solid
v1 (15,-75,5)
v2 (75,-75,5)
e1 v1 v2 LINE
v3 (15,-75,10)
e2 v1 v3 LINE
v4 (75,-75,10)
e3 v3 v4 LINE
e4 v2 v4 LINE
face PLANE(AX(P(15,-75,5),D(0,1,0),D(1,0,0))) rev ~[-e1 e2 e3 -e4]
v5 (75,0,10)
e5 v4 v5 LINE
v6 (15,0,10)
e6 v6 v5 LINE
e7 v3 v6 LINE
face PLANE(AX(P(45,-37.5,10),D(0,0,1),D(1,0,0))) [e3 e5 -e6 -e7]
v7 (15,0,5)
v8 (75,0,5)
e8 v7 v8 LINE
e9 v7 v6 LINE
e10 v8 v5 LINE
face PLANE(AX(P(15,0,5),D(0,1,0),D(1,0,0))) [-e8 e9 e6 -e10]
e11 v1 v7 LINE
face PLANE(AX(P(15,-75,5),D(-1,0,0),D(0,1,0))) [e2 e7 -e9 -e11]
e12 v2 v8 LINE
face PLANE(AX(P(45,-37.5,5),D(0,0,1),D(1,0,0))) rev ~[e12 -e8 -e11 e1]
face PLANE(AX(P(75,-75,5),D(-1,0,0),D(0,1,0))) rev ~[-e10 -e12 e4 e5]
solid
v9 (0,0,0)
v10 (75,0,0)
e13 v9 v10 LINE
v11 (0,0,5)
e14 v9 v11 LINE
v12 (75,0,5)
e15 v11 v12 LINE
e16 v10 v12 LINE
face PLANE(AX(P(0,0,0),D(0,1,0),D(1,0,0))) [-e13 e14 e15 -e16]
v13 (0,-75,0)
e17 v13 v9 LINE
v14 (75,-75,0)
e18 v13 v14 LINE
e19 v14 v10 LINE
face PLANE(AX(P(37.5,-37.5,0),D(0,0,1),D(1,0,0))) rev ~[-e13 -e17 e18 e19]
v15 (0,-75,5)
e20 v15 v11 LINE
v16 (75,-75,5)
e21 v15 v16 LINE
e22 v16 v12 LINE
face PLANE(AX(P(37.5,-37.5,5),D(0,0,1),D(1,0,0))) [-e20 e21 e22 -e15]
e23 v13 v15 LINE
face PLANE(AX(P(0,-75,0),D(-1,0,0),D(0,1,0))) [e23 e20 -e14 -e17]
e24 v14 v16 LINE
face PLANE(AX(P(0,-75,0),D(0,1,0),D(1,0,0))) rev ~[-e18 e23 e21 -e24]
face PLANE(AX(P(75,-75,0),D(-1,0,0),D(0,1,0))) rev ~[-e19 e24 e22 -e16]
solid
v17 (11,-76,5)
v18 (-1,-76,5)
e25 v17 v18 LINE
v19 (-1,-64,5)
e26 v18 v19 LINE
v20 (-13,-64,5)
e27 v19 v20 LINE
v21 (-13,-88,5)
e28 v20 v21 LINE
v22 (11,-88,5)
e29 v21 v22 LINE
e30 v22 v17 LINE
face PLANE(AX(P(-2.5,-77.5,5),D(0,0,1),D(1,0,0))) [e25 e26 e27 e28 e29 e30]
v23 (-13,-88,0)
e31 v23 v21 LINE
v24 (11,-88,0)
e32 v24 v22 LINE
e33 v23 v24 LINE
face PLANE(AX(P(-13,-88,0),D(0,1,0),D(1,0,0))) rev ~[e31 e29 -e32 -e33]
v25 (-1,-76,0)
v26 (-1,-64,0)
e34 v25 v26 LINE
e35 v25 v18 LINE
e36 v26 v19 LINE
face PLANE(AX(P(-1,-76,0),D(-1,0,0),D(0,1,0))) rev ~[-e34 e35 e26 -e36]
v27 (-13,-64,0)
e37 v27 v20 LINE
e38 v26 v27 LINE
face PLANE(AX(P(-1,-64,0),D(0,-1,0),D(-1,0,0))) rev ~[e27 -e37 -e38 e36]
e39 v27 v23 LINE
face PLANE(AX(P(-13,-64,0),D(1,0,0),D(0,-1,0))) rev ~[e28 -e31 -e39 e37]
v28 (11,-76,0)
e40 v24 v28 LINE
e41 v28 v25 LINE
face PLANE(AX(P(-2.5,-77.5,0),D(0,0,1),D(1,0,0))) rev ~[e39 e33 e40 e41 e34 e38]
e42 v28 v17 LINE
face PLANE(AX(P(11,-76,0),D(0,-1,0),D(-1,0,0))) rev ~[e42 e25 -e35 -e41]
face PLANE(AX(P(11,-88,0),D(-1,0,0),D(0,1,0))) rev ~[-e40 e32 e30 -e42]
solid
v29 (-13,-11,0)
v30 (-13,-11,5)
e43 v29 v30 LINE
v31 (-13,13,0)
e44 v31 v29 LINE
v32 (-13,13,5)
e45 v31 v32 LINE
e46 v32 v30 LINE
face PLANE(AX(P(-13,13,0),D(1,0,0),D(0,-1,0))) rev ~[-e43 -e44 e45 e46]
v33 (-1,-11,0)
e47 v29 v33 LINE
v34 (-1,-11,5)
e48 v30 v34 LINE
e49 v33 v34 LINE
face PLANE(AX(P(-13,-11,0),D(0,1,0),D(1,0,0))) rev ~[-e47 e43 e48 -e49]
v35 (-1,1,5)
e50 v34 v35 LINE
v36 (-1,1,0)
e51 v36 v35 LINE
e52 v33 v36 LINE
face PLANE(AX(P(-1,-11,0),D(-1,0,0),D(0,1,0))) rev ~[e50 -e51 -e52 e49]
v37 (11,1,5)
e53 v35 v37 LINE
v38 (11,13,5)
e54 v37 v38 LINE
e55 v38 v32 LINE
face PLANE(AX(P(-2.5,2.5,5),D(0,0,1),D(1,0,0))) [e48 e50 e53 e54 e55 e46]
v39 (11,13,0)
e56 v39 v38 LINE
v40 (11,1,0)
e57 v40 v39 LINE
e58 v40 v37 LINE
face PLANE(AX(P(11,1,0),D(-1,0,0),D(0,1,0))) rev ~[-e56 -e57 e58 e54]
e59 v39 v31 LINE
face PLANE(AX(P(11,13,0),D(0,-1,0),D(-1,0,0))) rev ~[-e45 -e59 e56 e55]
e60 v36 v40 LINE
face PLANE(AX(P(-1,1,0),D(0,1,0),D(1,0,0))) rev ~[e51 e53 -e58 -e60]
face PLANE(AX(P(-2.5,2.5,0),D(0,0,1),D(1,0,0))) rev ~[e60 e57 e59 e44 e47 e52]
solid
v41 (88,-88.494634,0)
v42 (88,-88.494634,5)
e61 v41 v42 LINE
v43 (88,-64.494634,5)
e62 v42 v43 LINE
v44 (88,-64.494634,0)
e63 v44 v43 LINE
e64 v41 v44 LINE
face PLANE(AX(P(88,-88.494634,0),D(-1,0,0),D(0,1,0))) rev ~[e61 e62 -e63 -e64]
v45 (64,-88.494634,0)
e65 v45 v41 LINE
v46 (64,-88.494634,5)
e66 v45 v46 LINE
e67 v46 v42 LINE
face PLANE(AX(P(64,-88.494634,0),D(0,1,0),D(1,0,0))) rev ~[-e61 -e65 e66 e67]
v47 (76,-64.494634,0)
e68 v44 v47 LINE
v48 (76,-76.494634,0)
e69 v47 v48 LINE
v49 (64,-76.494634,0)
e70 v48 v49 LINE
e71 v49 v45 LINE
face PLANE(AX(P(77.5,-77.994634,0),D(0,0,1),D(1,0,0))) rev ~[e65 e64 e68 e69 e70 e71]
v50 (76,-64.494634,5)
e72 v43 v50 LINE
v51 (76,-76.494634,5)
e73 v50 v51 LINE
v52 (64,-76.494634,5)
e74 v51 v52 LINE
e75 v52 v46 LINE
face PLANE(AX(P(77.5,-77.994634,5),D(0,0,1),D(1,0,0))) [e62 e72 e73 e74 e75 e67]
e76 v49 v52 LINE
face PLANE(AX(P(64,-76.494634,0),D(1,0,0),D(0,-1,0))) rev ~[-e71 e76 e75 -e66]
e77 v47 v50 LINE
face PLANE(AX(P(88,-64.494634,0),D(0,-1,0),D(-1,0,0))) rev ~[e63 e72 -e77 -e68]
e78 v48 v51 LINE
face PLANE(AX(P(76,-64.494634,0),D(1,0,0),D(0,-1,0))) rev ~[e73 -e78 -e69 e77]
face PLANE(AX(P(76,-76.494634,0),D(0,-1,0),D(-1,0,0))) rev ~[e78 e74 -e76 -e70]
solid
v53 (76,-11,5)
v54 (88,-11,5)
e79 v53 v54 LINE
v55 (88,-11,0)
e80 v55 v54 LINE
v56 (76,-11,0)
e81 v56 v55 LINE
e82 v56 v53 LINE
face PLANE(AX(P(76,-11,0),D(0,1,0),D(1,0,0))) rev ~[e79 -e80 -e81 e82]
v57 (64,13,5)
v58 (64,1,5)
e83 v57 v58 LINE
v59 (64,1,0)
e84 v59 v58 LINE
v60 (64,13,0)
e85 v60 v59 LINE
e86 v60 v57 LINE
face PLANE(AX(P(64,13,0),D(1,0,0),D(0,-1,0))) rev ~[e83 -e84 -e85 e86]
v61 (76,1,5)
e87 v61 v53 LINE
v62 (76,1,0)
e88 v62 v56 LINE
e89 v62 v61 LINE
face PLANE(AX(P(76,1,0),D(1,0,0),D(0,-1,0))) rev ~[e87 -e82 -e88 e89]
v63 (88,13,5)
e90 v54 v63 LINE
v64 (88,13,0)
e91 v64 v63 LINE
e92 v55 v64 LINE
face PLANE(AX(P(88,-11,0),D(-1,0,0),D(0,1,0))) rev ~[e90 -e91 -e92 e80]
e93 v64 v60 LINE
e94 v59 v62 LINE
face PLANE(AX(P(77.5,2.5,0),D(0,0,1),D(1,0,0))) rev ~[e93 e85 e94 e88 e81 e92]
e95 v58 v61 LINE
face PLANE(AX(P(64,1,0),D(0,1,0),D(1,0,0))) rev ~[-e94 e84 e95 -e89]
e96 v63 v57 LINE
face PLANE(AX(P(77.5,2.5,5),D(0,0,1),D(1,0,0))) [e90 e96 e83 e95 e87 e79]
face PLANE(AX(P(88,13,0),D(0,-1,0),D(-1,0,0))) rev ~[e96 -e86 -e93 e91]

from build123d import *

# Parameters (mm, degrees)
F0_W     = 75
F0_H     = 75
F1_DEPTH = 5
F2_W     = 60
F2_H     = 75
F3_DEPTH = 5


with BuildPart() as f1:
    # F0 (on Top) → F1 (new body)
    with BuildSketch(Plane.XY):
        with Locations((37.5, -37.5)):
            Rectangle(F0_W, F0_H)
        Polygon((64, 13), (64, 1), (76, 1), (76, -11), (88, -11), (88, 13), align=None)
        Polygon((-1, -76), (-1, -64), (-13, -64), (-13, -88), (11, -88), (11, -76), align=None)
        Polygon((-1, -11), (-1, 1), (11, 1), (11, 13), (-13, 13), (-13, -11), align=None)
        Polygon((76, -64.494634), (76, -76.494634), (64, -76.494634), (64, -88.494634), (88, -88.494634), (88, -64.494634), align=None)
    extrude(amount=F1_DEPTH)


with BuildPart() as f3:
    # F2 (on face) → F3 (new body)
    with BuildSketch(Plane.XY.offset(5)):
        with Locations((45, -37.5)):
            Rectangle(F2_W, F2_H)
    extrude(amount=F3_DEPTH)


solid = Compound([f1.part, f3.part])
